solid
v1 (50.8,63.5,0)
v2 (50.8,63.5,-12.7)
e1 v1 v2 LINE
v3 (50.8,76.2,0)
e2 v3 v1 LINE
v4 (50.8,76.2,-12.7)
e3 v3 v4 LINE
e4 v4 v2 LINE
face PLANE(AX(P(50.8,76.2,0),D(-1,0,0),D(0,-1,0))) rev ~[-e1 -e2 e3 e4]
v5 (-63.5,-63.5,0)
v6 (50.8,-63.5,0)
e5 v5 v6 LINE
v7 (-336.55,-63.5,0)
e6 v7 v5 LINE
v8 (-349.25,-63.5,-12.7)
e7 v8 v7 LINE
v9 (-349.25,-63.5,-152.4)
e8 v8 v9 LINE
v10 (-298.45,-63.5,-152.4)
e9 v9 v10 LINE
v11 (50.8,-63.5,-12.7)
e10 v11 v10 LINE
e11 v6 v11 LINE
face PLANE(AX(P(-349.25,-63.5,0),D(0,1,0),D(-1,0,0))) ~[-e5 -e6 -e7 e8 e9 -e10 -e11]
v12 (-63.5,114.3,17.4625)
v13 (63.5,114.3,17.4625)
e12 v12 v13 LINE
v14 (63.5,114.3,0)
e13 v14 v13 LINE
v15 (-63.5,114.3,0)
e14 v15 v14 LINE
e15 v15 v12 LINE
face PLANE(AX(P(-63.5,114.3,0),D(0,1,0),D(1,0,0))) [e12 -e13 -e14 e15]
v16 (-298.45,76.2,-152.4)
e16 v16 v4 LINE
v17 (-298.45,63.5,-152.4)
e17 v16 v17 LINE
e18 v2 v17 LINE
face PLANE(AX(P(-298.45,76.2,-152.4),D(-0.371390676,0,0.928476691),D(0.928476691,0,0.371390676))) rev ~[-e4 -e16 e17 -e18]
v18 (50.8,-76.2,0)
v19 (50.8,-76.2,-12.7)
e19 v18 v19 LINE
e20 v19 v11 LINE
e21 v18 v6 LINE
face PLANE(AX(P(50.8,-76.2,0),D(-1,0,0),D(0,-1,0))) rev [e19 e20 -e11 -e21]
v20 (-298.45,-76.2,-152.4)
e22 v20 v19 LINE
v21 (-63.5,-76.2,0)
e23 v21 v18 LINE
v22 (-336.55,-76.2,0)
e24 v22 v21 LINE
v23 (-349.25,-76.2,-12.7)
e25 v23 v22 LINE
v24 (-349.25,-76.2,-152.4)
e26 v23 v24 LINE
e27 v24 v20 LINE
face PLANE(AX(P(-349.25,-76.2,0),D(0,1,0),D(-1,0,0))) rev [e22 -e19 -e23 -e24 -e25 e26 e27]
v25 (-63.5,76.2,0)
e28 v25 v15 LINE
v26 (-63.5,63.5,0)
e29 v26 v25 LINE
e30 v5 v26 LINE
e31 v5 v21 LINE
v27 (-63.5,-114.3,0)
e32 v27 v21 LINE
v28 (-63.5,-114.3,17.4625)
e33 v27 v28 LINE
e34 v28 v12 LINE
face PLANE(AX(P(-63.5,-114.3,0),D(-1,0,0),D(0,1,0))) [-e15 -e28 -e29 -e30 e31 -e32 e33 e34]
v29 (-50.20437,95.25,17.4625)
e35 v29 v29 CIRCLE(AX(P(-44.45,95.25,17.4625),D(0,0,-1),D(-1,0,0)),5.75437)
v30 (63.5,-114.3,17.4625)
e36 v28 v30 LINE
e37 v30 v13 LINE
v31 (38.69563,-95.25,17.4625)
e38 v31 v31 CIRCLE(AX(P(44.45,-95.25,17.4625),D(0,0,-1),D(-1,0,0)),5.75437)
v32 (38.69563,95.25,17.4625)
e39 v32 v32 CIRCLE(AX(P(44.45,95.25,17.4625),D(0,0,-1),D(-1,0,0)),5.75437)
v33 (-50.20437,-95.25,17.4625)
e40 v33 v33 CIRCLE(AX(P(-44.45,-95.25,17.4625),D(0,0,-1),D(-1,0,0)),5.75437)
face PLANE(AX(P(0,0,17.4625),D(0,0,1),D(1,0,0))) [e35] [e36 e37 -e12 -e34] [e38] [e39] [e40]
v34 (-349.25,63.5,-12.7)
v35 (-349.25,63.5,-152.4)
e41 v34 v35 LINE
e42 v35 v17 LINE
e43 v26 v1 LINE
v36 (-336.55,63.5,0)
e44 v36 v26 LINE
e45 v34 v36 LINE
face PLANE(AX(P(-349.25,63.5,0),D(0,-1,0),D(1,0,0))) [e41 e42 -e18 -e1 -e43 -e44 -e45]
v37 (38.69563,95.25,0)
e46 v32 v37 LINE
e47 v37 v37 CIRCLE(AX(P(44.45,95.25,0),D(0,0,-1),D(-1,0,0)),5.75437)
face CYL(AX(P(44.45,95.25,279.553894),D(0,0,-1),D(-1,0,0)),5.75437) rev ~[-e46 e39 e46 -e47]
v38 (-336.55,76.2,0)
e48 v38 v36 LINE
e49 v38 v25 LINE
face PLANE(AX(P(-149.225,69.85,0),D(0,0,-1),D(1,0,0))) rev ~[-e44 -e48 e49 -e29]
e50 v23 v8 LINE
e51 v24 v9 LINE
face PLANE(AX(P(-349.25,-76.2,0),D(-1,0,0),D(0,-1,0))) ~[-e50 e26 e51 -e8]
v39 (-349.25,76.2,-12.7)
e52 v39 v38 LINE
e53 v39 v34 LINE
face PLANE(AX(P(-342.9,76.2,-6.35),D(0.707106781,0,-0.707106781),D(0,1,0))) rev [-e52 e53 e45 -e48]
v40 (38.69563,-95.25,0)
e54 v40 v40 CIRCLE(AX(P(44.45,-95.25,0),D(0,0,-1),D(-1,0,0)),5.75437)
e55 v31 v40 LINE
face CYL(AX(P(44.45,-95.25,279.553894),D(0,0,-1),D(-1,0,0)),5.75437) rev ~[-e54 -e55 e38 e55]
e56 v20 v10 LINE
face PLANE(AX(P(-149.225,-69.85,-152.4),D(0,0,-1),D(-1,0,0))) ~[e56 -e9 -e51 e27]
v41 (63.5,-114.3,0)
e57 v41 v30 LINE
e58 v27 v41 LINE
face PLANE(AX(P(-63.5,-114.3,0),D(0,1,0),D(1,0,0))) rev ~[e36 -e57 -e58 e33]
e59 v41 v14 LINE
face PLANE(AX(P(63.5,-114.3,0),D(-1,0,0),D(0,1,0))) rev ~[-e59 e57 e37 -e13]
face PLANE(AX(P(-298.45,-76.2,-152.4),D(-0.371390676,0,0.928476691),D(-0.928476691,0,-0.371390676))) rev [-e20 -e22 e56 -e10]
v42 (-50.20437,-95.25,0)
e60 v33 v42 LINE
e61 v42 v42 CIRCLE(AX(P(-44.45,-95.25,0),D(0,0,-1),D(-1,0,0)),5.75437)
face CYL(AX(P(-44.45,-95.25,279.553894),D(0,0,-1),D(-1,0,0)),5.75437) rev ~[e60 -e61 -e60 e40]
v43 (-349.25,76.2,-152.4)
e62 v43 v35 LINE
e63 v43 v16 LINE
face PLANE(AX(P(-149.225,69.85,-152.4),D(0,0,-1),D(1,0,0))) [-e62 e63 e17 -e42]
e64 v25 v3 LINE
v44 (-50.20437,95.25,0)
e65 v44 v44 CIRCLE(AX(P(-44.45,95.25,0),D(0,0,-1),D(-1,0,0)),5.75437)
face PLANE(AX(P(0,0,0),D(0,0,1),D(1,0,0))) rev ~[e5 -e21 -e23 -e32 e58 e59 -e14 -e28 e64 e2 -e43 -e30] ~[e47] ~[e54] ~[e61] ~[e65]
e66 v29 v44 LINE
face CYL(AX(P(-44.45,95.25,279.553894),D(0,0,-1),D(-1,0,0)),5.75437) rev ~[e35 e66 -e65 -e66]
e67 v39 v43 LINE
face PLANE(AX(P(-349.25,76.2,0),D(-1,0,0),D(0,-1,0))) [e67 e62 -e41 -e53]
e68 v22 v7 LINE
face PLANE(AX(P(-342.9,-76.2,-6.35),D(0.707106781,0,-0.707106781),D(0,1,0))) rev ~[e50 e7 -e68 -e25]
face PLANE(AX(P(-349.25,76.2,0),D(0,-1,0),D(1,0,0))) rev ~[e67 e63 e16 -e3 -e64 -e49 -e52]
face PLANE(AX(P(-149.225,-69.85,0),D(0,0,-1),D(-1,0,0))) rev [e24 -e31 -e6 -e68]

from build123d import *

# Parameters (mm, degrees)
F0_W     = 127
F0_H     = 228.6
F1_DEPTH = 17.4625
F3_D     = 11.50874
F4_W     = 400.05
F4_H     = 12.7
F5_DEPTH = 152.4
F7_DEPTH = 190.501
F8_SIZE  = 12.7


with BuildPart() as f1:
    # F0 (on Top) → F1 (new body)
    with BuildSketch(Plane.XY):
        Rectangle(F0_W, F0_H)
    extrude(amount=F1_DEPTH)

    # F3 (through all)
    with Locations(Plane.XY.offset(17.4625)):
        with Locations((-44.45, 95.25), (44.45, 95.25), (44.45, -95.25), (-44.45, -95.25)):
            Hole(F3_D / 2)

    # F4 (on face) → F5 (join)
    with BuildSketch(Plane(origin=(0, 0, 0), x_dir=(1, 0, 0), z_dir=(0, 0, -1))):
        with Locations((-149.225, -69.85)):
            Rectangle(F4_W, F4_H)
    extrude(amount=F5_DEPTH)

    # F6 (on face) → F7 (cut, through all)
    with BuildSketch(Plane(origin=(0, 76.2, 0), x_dir=(-1, 0, 0), z_dir=(0, 1, 0))):
        Polygon((-50.8, -12.7), (-50.8, -152.4), (298.45, -152.4), align=None)
    extrude(amount=-F7_DEPTH, mode=Mode.SUBTRACT)

    # F8
    f8_edges = [f1.edges().sort_by_distance(p)[0] for p in [
        (-349.25, 69.85, 0),
    ]]
    chamfer(f8_edges, length=F8_SIZE)

    # F9: F1 across plane


with BuildPart() as f1_1:
    add(f1.part)
    add(f1.part.mirror(Plane.XZ))


solid = f1_1.part
